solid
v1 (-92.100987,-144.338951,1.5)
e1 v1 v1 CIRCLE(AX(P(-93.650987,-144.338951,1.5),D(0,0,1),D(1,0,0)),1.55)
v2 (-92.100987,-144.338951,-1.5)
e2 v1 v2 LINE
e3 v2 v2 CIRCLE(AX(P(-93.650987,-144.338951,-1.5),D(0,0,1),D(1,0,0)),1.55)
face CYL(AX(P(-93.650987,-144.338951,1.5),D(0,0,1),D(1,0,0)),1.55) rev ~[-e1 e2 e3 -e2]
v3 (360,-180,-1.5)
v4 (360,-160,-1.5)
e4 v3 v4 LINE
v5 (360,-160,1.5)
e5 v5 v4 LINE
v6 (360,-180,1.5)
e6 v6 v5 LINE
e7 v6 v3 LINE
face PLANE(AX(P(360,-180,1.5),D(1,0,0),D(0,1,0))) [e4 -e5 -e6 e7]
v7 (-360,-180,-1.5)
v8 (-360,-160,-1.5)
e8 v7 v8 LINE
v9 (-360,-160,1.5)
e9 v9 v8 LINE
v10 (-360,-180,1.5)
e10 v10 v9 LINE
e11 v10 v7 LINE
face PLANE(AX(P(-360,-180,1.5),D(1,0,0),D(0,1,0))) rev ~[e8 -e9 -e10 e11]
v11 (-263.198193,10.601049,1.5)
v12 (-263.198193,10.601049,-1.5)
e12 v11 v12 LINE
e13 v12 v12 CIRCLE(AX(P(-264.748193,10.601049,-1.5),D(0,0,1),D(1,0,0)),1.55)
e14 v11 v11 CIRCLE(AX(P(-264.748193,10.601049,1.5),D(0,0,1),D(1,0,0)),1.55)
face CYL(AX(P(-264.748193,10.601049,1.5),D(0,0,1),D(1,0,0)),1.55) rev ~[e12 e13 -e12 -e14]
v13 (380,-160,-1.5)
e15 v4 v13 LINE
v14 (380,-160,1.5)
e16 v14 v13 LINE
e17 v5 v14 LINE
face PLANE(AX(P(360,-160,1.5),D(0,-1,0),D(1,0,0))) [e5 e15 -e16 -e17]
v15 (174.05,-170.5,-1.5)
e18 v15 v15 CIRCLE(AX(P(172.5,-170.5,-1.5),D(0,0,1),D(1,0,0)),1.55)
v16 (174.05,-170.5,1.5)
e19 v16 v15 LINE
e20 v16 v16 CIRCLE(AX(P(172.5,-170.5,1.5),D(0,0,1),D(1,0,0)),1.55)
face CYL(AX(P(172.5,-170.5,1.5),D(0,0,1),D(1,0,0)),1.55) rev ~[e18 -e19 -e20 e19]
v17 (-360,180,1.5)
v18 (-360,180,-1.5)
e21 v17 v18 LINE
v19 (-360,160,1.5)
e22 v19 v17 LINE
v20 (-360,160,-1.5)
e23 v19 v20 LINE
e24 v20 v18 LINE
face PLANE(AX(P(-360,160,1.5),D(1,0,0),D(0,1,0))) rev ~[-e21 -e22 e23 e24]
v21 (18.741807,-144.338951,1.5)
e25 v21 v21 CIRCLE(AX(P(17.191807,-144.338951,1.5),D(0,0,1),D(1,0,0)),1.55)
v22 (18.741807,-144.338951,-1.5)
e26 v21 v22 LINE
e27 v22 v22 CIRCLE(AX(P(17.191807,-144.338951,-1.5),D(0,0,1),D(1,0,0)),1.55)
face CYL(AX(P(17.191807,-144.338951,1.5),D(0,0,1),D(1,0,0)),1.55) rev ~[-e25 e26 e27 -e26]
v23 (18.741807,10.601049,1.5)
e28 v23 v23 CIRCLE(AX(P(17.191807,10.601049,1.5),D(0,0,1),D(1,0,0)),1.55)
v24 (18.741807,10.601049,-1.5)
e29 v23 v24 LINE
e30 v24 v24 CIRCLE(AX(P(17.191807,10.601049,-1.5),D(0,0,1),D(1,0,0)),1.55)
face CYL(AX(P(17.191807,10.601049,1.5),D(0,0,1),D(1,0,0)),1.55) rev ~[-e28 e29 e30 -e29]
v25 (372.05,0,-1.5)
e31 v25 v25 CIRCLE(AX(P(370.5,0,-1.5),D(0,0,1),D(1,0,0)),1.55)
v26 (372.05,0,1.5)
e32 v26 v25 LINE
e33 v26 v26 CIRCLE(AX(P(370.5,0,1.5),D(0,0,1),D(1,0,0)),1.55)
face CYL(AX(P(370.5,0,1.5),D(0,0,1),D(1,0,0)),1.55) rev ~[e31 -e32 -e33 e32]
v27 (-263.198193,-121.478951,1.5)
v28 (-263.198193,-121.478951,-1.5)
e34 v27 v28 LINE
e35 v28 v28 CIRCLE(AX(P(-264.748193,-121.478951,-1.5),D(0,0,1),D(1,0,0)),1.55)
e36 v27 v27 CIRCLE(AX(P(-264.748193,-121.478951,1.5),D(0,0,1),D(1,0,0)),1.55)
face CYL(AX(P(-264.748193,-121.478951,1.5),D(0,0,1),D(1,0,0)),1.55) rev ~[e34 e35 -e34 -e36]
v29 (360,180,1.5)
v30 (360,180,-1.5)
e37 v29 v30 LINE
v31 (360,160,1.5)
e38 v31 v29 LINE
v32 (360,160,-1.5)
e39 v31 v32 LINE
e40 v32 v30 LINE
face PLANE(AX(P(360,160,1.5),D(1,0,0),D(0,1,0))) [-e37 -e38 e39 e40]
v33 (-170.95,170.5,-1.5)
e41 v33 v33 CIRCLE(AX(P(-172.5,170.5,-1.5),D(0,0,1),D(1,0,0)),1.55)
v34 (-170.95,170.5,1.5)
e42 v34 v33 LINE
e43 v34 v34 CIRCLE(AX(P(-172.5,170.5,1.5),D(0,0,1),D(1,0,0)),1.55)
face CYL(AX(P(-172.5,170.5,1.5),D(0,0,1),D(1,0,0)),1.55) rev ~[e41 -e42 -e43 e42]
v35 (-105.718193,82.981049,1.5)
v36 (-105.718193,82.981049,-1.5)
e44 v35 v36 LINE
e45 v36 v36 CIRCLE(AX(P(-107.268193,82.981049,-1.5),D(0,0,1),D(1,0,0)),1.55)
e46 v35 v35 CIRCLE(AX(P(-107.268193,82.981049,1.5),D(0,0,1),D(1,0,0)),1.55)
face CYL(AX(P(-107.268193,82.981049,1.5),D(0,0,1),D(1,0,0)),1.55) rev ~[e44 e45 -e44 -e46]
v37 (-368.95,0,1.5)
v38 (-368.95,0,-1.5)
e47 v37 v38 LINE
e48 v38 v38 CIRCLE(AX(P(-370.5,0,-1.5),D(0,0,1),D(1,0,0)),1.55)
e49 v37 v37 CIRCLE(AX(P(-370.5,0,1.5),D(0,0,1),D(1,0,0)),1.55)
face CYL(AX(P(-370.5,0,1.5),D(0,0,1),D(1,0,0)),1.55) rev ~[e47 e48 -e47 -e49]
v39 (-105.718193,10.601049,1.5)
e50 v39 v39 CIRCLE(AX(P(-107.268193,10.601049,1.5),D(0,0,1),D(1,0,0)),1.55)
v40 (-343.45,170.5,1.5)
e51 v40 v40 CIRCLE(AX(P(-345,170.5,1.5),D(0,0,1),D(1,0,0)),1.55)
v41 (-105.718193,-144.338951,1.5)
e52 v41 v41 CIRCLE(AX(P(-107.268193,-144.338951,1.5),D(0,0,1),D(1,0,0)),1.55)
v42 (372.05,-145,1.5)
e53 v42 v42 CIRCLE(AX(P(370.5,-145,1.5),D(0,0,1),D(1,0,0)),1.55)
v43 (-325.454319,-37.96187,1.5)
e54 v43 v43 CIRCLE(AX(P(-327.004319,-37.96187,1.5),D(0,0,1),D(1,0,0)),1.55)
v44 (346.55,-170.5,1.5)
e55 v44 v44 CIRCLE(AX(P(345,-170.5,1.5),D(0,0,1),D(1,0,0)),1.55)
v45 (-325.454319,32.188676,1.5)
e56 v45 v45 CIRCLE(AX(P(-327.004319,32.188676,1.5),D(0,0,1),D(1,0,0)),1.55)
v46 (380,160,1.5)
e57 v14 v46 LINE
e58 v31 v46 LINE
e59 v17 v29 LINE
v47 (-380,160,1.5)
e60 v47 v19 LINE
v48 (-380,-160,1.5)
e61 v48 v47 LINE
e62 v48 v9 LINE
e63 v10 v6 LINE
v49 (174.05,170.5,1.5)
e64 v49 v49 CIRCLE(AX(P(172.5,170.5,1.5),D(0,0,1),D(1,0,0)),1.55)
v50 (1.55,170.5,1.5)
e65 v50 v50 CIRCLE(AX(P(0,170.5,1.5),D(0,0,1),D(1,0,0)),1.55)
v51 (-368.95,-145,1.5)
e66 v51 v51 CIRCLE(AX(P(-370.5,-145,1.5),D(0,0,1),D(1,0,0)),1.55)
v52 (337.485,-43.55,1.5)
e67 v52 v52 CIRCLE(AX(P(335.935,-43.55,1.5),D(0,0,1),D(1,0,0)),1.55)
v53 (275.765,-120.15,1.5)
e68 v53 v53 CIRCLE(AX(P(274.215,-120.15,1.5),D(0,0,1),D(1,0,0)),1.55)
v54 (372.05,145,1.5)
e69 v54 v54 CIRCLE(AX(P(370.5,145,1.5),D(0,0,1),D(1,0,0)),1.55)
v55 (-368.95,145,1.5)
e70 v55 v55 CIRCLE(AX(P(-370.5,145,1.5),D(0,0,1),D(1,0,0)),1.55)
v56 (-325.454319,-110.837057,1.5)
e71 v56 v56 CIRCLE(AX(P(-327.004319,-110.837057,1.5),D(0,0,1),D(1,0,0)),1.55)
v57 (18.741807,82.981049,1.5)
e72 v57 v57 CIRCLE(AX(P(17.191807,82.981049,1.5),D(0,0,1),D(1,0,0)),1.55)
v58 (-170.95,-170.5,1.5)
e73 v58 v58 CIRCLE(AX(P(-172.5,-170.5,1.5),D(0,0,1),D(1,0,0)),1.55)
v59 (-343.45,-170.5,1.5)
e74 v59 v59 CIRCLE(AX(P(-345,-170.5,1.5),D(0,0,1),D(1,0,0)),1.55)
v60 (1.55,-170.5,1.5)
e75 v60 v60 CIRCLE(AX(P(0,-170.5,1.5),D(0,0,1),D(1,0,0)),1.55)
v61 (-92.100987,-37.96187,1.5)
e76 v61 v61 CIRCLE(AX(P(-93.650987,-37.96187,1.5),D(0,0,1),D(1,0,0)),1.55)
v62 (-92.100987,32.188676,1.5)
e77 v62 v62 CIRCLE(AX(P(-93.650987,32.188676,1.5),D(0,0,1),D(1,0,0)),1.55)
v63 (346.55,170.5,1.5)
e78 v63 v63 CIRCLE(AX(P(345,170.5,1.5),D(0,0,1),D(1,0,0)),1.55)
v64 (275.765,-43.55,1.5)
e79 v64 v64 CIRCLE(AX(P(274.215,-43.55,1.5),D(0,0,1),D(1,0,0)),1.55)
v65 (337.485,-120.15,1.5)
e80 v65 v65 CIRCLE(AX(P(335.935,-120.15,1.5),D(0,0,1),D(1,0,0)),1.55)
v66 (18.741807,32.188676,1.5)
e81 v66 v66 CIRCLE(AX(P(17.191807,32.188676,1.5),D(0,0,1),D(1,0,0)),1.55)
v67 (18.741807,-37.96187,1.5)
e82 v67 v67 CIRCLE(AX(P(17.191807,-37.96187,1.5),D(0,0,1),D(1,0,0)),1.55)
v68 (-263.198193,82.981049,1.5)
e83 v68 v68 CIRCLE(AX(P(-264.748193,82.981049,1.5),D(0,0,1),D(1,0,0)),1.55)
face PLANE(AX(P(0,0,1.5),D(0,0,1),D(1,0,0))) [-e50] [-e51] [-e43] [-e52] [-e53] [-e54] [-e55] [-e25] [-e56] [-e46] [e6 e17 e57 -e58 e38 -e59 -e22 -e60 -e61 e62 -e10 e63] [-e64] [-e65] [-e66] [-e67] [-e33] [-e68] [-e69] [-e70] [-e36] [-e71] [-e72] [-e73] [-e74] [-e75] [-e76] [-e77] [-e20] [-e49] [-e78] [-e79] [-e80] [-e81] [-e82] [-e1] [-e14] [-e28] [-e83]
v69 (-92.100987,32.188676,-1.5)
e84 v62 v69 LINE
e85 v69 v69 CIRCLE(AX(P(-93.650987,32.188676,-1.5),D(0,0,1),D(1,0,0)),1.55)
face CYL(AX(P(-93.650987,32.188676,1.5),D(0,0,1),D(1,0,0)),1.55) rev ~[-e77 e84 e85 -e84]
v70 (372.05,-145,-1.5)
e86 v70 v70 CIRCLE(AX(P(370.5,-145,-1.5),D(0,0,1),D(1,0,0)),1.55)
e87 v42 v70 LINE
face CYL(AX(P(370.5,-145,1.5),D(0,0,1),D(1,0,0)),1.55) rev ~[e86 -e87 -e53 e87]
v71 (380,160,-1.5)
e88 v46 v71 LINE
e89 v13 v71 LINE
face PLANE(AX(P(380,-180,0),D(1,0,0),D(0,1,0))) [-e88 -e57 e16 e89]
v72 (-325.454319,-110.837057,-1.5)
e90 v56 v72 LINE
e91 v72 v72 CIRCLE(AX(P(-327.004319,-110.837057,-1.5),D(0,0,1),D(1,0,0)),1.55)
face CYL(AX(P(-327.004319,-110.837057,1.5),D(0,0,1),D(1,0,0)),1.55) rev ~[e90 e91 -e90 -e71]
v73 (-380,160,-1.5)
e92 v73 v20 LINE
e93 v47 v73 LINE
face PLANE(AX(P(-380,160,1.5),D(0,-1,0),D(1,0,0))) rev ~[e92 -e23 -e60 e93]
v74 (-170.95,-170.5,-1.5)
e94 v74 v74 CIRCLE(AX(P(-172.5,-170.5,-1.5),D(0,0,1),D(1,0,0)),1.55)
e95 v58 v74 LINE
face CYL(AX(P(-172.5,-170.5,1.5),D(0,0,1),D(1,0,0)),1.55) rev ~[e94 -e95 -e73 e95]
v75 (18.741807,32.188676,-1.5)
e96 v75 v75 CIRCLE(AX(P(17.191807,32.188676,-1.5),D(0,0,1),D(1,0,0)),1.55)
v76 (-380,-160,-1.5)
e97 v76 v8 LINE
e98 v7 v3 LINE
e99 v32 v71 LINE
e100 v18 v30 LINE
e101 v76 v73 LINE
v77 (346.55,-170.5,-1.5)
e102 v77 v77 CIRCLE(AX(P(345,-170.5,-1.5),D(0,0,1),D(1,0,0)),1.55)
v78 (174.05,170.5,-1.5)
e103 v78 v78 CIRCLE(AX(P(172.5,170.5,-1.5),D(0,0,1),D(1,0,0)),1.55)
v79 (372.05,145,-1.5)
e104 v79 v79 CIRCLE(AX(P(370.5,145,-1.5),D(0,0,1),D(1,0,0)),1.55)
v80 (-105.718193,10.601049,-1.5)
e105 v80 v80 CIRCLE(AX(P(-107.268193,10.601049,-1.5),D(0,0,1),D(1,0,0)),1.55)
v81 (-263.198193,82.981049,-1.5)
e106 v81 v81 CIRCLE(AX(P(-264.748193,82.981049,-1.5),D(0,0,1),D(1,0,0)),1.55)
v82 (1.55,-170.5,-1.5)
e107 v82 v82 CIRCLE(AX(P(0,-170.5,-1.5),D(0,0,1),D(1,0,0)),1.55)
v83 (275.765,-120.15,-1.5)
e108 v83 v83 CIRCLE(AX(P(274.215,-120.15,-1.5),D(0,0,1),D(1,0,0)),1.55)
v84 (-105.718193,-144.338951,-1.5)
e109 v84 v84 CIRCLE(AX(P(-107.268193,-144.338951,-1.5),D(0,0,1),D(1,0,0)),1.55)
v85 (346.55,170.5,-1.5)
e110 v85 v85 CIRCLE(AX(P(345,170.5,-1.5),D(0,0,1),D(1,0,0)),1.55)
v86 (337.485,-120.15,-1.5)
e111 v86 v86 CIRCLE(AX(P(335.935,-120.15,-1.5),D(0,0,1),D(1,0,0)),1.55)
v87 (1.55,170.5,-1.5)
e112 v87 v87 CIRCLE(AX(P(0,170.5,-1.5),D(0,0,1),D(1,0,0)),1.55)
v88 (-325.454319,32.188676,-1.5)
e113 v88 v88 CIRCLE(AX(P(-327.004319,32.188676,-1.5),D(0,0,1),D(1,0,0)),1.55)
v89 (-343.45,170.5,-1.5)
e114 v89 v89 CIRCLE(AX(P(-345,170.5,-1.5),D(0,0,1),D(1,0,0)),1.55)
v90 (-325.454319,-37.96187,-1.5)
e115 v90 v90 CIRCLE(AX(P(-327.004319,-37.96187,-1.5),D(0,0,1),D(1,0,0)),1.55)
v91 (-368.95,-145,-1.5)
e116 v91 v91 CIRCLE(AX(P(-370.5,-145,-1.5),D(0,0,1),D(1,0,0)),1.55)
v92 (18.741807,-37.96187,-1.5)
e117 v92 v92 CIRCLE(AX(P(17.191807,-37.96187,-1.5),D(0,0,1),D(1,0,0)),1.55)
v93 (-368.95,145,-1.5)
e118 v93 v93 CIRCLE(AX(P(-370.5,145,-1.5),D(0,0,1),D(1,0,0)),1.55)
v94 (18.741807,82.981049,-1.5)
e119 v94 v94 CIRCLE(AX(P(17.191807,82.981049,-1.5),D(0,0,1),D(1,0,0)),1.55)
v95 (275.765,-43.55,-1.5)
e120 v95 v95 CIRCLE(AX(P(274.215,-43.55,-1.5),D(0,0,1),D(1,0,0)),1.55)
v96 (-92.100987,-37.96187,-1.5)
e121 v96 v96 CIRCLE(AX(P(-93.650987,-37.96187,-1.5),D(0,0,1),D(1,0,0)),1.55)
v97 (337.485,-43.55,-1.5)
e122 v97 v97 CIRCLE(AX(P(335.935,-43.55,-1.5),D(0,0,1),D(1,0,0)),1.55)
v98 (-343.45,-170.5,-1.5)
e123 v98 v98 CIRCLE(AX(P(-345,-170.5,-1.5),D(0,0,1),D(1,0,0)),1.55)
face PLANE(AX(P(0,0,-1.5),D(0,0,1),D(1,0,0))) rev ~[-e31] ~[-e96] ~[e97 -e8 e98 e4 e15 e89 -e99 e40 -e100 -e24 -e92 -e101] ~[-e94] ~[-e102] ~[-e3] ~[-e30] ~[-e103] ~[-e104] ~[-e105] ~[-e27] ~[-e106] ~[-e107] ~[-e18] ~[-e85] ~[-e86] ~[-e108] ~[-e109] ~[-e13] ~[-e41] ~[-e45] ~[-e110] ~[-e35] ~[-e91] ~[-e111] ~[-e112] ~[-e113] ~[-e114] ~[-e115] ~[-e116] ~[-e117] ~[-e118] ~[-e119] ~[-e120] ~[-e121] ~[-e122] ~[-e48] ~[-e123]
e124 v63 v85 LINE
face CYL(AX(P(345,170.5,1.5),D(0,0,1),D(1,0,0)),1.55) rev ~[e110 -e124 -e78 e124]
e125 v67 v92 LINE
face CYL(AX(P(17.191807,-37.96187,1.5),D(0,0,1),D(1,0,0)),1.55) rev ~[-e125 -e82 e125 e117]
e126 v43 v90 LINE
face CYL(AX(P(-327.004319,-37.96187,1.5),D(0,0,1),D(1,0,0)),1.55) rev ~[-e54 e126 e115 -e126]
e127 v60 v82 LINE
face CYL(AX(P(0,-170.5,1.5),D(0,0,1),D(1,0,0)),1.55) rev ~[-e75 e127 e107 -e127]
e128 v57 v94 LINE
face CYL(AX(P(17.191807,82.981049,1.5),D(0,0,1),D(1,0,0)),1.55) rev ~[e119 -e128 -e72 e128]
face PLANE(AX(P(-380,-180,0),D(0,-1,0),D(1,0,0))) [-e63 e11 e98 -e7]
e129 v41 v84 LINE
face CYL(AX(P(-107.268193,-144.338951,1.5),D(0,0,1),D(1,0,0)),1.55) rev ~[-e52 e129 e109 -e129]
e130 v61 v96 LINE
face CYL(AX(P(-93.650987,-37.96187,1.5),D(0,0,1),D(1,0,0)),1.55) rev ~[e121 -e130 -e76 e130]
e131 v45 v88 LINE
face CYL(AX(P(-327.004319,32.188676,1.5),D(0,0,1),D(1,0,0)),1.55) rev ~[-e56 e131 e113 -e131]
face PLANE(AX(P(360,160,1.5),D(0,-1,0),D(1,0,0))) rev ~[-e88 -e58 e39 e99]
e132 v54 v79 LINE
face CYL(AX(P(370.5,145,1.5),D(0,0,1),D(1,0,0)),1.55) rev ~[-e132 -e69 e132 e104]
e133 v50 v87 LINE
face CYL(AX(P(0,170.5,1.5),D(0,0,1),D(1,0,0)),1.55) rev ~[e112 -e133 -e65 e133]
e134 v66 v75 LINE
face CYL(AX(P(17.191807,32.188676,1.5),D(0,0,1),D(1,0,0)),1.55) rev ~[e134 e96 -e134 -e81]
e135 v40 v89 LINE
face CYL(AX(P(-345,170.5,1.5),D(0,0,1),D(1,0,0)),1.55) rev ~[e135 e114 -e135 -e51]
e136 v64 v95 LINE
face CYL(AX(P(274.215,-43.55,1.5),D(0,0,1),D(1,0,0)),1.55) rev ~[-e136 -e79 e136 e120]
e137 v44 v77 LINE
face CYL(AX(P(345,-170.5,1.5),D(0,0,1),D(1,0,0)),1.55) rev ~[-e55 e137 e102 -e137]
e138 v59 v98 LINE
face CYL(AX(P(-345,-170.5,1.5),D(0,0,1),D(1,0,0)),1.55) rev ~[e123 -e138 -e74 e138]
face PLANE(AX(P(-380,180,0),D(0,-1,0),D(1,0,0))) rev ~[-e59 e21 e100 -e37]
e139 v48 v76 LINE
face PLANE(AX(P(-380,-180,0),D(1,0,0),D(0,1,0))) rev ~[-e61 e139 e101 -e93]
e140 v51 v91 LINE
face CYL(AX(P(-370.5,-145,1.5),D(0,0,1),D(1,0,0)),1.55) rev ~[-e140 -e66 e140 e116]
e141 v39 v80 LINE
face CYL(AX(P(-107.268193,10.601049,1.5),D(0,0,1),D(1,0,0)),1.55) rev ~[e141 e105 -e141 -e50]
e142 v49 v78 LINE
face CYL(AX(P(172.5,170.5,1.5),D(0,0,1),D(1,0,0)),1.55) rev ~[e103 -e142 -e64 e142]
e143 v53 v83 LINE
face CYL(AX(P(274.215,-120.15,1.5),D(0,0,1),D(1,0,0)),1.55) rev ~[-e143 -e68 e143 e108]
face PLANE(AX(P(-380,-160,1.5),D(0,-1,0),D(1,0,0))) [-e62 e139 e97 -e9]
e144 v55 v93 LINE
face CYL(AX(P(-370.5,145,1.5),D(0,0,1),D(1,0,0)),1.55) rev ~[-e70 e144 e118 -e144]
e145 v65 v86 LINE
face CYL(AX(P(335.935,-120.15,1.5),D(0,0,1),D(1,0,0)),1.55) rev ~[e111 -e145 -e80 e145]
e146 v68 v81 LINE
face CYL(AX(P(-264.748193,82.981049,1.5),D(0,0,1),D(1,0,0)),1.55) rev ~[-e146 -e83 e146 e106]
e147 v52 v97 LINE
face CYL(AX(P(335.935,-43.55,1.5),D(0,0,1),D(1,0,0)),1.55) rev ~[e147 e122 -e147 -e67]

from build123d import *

# Parameters (mm, degrees)
F0_W     = 760
F0_H     = 360
F1_DEPTH = 1.5
F2_W     = 20
F2_H     = 20
F3_DEPTH = 3.001
F4_R     = 1.55
F5_DEPTH = 3.001
F6_R     = 1.55
F7_DEPTH = 3.001


with BuildPart() as f1:
    # F0 (on Top) → F1 (new body, symmetric)
    with BuildSketch(Plane.XY):
        Rectangle(F0_W, F0_H)
    extrude(amount=F1_DEPTH, both=True)

    # F2 (on face) → F3 (cut, through all)
    with BuildSketch(Plane.XY.offset(1.5)):
        with Locations((-370, -170)):
            Rectangle(F2_W, F2_H)
        with Locations((-370, 170)):
            Rectangle(F2_W, F2_H)
        with Locations((370, -170)):
            Rectangle(F2_W, F2_H)
        with Locations((370, 170)):
            Rectangle(F2_W, F2_H)
    extrude(amount=-F3_DEPTH, mode=Mode.SUBTRACT)

    # F4 (on face) → F5 (cut, through all)
    with BuildSketch(Plane.XY.offset(1.5)):
        with Locations((17.191807, 32.188676)):
            Circle(F4_R)
        with Locations((-93.650987, 32.188676)):
            Circle(F4_R)
        with Locations((-327.004319, 32.188676)):
            Circle(F4_R)
        with Locations((17.191807, -144.338951)):
            Circle(F4_R)
        with Locations((-93.650987, -144.338951)):
            Circle(F4_R)
        with Locations((-327.004319, -110.837057)):
            Circle(F4_R)
        with Locations((-327.004319, -37.96187)):
            Circle(F4_R)
        with Locations((-93.650987, -37.96187)):
            Circle(F4_R)
        with Locations((17.191807, -37.96187)):
            Circle(F4_R)
        with Locations((274.215, -43.55)):
            Circle(F4_R)
        with Locations((335.935, -43.55)):
            Circle(F4_R)
        with Locations((274.215, -120.15)):
            Circle(F4_R)
        with Locations((335.935, -120.15)):
            Circle(F4_R)
        with Locations((-264.748193, -121.478951)):
            Circle(F4_R)
        with Locations((-107.268193, 10.601049)):
            Circle(F4_R)
        with Locations((17.191807, 10.601049)):
            Circle(F4_R)
        with Locations((-107.268193, 82.981049)):
            Circle(F4_R)
        with Locations((17.191807, 82.981049)):
            Circle(F4_R)
        with Locations((-107.268193, -144.338951)):
            Circle(F4_R)
        with Locations((-264.748193, 10.601049)):
            Circle(F4_R)
        with Locations((-264.748193, 82.981049)):
            Circle(F4_R)
    extrude(amount=-F5_DEPTH, mode=Mode.SUBTRACT)

    # F6 (on face) → F7 (cut, through all)
    with BuildSketch(Plane.XY.offset(1.5)):
        with Locations((-370.5, 145)):
            Circle(F6_R)
        with Locations((-370.5, 0)):
            Circle(F6_R)
        with Locations((-370.5, -145)):
            Circle(F6_R)
        with Locations((370.5, -145)):
            Circle(F6_R)
        with Locations((370.5, 0)):
            Circle(F6_R)
        with Locations((370.5, 145)):
            Circle(F6_R)
        with Locations((0, 170.5)):
            Circle(F6_R)
        with Locations((172.5, 170.5)):
            Circle(F6_R)
        with Locations((345, 170.5)):
            Circle(F6_R)
        with Locations((-172.5, 170.5)):
            Circle(F6_R)
        with Locations((-345, 170.5)):
            Circle(F6_R)
        with Locations((-345, -170.5)):
            Circle(F6_R)
        with Locations((-172.5, -170.5)):
            Circle(F6_R)
        with Locations((0, -170.5)):
            Circle(F6_R)
        with Locations((172.5, -170.5)):
            Circle(F6_R)
        with Locations((345, -170.5)):
            Circle(F6_R)
    extrude(amount=-F7_DEPTH, mode=Mode.SUBTRACT)


solid = f1.part
